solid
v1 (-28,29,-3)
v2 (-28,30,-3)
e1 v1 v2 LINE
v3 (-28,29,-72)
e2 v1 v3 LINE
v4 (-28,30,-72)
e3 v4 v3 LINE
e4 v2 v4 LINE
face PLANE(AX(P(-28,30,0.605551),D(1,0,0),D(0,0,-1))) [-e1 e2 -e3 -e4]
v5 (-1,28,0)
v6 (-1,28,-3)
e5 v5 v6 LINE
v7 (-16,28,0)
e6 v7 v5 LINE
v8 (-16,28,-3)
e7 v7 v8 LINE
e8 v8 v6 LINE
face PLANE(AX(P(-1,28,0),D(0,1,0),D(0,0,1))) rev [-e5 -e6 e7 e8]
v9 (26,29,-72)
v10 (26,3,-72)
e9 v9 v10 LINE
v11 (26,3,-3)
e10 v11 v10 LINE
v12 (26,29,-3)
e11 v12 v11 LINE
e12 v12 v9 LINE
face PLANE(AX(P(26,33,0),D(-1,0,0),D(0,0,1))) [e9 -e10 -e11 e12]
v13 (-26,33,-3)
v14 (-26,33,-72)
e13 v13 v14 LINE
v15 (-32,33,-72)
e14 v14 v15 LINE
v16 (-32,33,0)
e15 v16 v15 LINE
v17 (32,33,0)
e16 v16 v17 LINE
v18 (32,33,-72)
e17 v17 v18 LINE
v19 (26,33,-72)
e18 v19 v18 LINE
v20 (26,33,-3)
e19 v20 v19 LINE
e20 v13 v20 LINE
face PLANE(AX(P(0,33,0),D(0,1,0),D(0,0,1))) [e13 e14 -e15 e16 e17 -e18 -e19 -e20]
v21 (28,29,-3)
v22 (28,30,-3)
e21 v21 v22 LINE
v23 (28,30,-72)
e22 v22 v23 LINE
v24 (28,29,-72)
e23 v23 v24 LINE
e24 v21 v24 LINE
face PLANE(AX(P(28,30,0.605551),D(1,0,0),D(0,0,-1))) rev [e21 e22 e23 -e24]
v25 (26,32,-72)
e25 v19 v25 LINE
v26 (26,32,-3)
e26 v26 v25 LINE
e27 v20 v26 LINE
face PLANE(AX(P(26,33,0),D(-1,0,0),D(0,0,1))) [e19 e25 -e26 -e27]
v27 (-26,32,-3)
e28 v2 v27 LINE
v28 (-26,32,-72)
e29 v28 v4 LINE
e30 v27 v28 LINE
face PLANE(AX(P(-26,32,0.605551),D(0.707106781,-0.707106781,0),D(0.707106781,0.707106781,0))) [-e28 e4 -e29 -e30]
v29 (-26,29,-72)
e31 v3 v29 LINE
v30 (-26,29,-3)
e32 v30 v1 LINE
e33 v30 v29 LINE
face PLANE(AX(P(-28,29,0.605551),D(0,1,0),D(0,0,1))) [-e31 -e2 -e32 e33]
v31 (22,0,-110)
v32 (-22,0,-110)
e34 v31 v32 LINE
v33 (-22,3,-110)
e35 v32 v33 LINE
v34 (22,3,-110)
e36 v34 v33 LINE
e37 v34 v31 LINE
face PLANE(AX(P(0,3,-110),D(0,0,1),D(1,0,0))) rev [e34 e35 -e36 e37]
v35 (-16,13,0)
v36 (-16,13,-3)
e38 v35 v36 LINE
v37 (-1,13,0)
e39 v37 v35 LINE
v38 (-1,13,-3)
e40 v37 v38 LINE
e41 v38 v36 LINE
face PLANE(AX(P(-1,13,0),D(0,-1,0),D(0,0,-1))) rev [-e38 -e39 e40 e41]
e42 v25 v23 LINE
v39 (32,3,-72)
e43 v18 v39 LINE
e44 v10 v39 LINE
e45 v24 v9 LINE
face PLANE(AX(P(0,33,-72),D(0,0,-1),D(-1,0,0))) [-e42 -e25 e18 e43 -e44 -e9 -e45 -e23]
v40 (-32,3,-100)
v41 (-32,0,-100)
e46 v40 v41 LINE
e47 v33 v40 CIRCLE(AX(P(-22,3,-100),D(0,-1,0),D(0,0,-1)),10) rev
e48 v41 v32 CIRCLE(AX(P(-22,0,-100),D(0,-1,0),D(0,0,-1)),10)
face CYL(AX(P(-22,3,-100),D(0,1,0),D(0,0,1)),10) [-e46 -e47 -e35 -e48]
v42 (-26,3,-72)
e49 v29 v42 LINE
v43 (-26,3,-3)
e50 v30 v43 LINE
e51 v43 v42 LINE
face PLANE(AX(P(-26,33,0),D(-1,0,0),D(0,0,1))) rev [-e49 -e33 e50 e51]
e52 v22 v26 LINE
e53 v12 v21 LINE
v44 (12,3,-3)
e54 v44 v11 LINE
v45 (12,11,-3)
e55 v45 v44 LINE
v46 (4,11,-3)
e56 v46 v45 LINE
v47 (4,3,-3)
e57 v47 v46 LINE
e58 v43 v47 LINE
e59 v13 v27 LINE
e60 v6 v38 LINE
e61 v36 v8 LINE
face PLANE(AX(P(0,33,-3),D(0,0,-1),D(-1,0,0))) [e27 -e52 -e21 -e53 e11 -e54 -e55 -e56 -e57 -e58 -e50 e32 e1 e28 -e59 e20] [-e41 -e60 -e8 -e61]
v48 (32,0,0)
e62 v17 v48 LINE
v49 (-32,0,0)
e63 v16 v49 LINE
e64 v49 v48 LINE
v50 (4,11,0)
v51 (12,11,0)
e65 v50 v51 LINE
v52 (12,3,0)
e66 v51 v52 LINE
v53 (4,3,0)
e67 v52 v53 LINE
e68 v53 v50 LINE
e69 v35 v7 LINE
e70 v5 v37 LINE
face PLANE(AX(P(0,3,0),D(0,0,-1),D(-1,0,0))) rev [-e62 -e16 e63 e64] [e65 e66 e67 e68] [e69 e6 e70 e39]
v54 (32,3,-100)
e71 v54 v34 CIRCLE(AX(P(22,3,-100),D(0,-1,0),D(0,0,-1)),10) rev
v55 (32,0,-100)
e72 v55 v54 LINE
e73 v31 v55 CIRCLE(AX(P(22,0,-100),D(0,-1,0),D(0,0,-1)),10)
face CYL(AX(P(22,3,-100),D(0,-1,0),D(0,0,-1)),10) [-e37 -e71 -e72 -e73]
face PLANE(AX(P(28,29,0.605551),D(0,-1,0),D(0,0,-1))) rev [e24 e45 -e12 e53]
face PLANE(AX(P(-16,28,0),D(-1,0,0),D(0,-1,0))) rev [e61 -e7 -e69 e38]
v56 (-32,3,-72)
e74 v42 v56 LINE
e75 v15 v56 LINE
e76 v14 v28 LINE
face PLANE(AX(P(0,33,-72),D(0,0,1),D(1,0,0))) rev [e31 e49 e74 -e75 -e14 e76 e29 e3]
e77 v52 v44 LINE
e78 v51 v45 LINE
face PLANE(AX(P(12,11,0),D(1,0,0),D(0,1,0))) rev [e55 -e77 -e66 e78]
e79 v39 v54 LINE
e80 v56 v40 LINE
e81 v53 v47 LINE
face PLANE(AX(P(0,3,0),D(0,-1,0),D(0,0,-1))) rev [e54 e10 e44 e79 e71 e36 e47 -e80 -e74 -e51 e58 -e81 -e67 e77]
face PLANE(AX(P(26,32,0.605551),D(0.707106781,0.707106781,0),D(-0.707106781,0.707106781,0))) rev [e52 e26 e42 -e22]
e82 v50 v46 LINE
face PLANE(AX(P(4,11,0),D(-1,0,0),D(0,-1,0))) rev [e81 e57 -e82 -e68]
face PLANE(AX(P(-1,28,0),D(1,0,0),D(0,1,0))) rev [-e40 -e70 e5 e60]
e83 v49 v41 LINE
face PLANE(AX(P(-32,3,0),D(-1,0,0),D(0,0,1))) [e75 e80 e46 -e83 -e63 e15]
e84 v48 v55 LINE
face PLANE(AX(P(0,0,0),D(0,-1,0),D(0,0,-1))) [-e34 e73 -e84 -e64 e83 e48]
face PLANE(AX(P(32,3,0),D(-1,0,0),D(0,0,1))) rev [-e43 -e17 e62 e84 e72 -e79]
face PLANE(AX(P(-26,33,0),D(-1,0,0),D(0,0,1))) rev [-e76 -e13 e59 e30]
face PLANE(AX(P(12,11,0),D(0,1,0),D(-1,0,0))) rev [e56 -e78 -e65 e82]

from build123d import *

# Parameters (mm, degrees)
SKETCH1_W            = 32
SKETCH1_H            = 110
BOSS_EXTRUDE1_DEPTH  = 3
SKETCH2_W            = 6
SKETCH2_H            = 69
BOSS_EXTRUDE2_DEPTH  = 30
CUT_EXTRUDE1_DEPTH   = 69
FILLET1_R            = 10
FILLET1_OF_MIRROR1_R = 10
SKETCH4_W            = 15
SKETCH4_H            = 15
SKETCH4_W_2          = 8
SKETCH4_H_2          = 8
CUT_EXTRUDE2_DEPTH   = 117.456000275


with BuildPart() as part:
    # Sketch1 → Boss-Extrude1 (new body)
    with BuildSketch(Plane(origin=(0, 0, 0), x_dir=(1, 0, 0), z_dir=(0, 1, 0))):
        with Locations((16, 55)):
            Rectangle(SKETCH1_W, SKETCH1_H)
    boss_extrude1 = extrude(amount=BOSS_EXTRUDE1_DEPTH)

    # Sketch2 → Boss-Extrude2 (add)
    with BuildSketch(Plane(origin=(0, 3, 0), x_dir=(1, 0, 0), z_dir=(0, 1, 0))):
        Polygon((0, 3), (0, 0), (32, 0), (32, 3), (26, 3), align=None)
        with Locations((29, 37.5)):
            Rectangle(SKETCH2_W, SKETCH2_H)
    boss_extrude2 = extrude(amount=BOSS_EXTRUDE2_DEPTH)

    # Sketch3 → Cut-Extrude1 (cut)
    with BuildSketch(Plane(origin=(0, 0, -72), x_dir=(-1, 0, 0), z_dir=(0, 0, -1))):
        Polygon((-26, 32), (-28, 30), (-28, 29), (-26, 29), align=None)
    cut_extrude1 = extrude(amount=-CUT_EXTRUDE1_DEPTH, mode=Mode.SUBTRACT)

    # Fillet1
    fillet1_edges = [part.edges().sort_by_distance(p)[0] for p in [
        (32, 1.5, -110),
    ]]
    fillet(fillet1_edges, radius=FILLET1_R)

    # Mirror1: Boss-Extrude1, Boss-Extrude2, Cut-Extrude1 across plane
    add(boss_extrude1.mirror(Plane(origin=(0, 3, 0), x_dir=(0, 0, 1), z_dir=(1, 0, 0))))
    add(boss_extrude2.mirror(Plane(origin=(0, 3, 0), x_dir=(0, 0, 1), z_dir=(1, 0, 0))))
    add(cut_extrude1.mirror(Plane(origin=(0, 3, 0), x_dir=(0, 0, 1), z_dir=(1, 0, 0))), mode=Mode.SUBTRACT)

    # Fillet1 of Mirror1
    fillet1_of_mirror1_edges = [part.edges().sort_by_distance(p)[0] for p in [
        (-32, 1.5, -110),
    ]]
    fillet(fillet1_of_mirror1_edges, radius=FILLET1_OF_MIRROR1_R)

    # Sketch4 → Cut-Extrude2 (cut, through all)
    with BuildSketch(Plane(origin=(0, 0, -3), x_dir=(-1, 0, 0), z_dir=(0, 0, -1))):
        with Locations((8.5, 20.5)):
            Rectangle(SKETCH4_W, SKETCH4_H)
        with Locations((-8, 7)):
            Rectangle(SKETCH4_W_2, SKETCH4_H_2)
    extrude(amount=-CUT_EXTRUDE2_DEPTH, mode=Mode.SUBTRACT)


solid = part.part
